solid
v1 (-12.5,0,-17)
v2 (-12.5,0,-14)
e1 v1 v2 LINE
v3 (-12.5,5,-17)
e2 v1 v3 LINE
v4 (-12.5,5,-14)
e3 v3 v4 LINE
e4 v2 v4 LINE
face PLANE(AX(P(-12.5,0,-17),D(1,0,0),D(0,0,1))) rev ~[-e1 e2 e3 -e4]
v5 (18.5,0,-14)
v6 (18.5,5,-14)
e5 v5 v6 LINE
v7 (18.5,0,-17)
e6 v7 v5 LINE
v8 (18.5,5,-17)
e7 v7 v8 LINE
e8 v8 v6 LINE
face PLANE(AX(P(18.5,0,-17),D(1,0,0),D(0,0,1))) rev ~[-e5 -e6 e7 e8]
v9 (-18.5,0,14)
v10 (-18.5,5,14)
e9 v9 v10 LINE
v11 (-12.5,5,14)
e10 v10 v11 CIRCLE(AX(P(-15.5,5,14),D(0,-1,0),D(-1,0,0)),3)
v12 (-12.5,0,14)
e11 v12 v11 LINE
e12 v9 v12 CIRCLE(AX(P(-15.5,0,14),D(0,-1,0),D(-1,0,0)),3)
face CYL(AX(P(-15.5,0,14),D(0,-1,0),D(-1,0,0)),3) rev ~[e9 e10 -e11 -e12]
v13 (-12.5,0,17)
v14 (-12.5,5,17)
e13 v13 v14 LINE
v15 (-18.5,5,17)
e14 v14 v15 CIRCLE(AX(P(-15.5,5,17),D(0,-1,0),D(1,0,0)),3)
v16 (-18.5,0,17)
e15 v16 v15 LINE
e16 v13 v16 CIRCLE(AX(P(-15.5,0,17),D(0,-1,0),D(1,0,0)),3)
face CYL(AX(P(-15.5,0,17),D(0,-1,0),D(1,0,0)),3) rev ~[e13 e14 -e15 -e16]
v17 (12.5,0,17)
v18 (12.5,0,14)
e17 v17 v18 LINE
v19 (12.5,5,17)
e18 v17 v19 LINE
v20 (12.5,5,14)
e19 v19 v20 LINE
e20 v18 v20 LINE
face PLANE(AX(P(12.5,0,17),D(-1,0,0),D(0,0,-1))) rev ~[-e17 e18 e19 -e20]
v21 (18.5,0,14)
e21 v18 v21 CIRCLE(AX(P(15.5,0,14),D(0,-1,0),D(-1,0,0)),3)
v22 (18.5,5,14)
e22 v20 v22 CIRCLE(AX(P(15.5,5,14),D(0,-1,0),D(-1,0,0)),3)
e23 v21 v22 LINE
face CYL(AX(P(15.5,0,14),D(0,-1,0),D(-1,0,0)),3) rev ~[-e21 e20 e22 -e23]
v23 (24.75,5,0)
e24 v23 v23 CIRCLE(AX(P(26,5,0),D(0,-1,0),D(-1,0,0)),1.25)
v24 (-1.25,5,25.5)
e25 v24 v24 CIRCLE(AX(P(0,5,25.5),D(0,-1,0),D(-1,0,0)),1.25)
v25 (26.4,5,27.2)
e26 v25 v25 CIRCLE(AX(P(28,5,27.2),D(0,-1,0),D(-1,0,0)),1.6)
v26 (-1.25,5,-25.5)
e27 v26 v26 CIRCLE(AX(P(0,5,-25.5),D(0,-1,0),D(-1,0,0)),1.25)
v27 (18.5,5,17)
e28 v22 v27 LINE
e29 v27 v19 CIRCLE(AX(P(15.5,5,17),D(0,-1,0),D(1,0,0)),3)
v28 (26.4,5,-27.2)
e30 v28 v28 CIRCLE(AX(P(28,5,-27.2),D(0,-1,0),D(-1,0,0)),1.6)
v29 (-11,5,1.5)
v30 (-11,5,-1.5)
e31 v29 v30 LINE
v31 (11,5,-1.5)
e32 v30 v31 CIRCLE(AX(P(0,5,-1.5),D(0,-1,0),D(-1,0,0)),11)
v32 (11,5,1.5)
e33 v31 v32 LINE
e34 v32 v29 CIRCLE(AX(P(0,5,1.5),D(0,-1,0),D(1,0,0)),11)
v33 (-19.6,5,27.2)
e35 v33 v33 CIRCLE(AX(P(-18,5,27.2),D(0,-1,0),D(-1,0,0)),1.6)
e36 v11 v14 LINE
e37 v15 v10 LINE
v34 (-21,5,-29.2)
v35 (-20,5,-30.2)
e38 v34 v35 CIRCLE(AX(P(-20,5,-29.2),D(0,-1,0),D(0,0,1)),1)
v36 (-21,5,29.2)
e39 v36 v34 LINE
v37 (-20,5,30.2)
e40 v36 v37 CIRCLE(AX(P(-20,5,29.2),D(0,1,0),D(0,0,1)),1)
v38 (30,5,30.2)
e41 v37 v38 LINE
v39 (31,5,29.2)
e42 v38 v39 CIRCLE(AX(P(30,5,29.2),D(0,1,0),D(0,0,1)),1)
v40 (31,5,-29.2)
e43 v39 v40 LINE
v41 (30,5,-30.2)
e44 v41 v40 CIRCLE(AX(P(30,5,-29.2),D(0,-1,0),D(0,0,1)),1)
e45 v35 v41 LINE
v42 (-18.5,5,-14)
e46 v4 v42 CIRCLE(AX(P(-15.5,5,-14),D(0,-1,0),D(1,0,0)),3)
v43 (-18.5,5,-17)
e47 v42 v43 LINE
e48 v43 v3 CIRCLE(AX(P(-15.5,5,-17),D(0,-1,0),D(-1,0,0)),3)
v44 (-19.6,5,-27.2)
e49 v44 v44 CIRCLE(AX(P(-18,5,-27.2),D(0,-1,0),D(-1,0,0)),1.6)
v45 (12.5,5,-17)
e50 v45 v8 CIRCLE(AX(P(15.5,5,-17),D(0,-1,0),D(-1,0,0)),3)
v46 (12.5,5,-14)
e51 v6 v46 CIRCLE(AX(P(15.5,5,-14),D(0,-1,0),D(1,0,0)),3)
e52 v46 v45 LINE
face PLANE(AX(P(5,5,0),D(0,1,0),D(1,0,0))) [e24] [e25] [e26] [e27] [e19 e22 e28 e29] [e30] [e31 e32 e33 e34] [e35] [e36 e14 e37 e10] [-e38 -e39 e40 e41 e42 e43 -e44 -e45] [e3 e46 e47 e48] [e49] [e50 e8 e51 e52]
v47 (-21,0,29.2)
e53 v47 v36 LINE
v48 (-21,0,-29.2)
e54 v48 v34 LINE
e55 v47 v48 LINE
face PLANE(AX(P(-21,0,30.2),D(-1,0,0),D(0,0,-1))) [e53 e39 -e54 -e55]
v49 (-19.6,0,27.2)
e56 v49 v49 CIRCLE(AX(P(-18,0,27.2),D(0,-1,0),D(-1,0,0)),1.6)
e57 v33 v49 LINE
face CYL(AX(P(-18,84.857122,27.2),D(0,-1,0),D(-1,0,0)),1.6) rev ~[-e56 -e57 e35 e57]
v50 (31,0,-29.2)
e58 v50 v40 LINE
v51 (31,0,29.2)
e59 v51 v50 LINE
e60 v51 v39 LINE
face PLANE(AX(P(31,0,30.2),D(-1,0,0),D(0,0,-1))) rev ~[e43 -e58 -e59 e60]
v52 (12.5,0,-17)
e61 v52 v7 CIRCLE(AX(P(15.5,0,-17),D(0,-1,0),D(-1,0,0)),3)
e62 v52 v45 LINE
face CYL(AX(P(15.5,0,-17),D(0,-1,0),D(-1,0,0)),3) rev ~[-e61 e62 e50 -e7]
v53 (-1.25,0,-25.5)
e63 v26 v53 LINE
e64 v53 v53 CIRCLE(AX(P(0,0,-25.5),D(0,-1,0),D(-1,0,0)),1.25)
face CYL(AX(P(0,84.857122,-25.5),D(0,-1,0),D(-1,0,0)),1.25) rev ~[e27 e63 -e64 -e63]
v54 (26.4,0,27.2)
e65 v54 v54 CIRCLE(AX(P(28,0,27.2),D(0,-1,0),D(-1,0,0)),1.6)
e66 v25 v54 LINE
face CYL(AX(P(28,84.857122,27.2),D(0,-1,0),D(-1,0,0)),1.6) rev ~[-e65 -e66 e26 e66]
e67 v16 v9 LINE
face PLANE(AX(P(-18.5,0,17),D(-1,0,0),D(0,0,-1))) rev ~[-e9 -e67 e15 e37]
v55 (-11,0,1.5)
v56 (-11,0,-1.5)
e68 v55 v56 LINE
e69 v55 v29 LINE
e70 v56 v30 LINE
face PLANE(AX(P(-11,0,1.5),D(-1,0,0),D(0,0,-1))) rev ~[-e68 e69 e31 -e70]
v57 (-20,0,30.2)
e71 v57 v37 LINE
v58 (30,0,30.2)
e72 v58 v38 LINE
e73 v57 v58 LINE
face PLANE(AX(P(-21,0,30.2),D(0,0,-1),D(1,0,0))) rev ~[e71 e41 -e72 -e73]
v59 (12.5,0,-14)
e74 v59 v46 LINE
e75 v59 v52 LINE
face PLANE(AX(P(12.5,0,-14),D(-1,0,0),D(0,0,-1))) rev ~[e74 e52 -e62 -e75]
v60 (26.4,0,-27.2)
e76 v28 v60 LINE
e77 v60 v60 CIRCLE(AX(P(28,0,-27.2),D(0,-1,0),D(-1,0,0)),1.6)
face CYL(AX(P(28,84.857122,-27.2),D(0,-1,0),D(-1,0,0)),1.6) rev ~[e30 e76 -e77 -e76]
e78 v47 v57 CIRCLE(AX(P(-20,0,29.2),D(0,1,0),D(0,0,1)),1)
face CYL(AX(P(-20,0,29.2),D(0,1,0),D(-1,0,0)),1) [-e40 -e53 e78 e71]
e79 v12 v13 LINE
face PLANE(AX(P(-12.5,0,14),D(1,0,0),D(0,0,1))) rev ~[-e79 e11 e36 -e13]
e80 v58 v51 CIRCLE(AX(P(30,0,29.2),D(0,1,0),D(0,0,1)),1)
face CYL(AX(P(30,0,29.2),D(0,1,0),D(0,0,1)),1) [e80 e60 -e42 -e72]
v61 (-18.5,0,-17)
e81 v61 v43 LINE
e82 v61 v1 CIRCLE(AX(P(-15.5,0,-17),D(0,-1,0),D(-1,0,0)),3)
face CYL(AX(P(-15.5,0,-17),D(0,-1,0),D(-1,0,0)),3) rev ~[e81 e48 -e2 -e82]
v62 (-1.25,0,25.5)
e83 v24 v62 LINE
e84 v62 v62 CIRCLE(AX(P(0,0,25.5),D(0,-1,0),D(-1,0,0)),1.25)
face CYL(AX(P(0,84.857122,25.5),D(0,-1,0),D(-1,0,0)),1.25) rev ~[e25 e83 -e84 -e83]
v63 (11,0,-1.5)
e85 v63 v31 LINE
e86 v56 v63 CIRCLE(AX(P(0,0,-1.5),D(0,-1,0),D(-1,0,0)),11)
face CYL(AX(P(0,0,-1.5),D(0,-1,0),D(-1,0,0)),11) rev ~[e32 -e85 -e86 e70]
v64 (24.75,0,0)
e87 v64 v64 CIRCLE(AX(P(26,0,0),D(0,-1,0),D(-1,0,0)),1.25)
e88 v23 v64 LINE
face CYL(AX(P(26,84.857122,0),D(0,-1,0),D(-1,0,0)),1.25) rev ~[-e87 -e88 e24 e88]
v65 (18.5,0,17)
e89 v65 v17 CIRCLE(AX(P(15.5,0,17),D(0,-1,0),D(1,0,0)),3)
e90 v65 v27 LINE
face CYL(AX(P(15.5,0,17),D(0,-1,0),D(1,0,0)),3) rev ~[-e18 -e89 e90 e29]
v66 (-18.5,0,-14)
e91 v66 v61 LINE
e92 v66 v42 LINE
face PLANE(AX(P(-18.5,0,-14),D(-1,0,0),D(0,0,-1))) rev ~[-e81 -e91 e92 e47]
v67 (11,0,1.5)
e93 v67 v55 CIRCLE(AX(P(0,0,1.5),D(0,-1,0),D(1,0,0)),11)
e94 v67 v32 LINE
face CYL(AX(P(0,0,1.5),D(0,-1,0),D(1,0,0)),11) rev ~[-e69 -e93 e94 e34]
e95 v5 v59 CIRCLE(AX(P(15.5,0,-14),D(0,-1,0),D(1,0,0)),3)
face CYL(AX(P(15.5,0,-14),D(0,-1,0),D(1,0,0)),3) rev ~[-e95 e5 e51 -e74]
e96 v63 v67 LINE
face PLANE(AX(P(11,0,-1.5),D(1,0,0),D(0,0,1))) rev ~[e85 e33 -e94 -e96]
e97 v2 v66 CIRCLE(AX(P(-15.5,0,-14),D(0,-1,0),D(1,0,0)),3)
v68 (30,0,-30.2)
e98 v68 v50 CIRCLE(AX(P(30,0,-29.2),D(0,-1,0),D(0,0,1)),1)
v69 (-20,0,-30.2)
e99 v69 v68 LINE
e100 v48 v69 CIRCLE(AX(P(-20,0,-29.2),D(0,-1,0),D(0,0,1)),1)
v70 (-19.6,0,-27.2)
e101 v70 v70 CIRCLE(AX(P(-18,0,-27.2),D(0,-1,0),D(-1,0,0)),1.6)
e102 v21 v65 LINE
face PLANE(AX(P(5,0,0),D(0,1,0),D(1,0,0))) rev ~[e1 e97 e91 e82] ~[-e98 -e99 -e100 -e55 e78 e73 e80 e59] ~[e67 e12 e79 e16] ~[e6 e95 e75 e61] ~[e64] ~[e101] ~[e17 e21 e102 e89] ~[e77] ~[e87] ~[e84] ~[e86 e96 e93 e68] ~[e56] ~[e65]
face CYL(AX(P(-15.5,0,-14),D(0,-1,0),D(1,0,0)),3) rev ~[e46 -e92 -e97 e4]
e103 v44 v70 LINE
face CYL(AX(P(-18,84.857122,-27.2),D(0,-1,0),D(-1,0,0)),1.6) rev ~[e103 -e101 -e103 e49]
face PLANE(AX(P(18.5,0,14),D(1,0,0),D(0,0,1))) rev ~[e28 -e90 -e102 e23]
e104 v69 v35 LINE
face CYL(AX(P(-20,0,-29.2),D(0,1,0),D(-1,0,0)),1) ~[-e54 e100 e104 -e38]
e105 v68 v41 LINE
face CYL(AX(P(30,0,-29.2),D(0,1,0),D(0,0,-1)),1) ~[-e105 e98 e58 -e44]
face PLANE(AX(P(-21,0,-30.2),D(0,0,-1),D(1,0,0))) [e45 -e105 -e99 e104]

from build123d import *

# Parameters (mm, degrees)
SKETCH1_W                   = 52
SKETCH1_H                   = 60.4
BOSS_EXTRUDE1_DEPTH         = 5
M3_CLEARANCE_HOLE1_D        = 3.2
TAP_DRILL_FOR_M3X0_5_TAP1_D = 2.5
FILLET1_R                   = 1


with BuildPart() as part:
    # Sketch1 → Boss-Extrude1 (new body)
    with BuildSketch(Plane(origin=(0, 0, 0), x_dir=(1, 0, 0), z_dir=(0, 1, 0))):
        with Locations((5, 0)):
            Rectangle(SKETCH1_W, SKETCH1_H)
        with BuildLine():
            Line((-11, -1.5), (-11, 1.5))
            ThreePointArc((-11, 1.5), (0, 12.5), (11, 1.5))
            Line((11, 1.5), (11, -1.5))
            ThreePointArc((11, -1.5), (0, -12.5), (-11, -1.5))
        make_face(mode=Mode.SUBTRACT)
        with BuildLine():
            Line((-18.5, 14), (-18.5, 17))
            ThreePointArc((-18.5, 17), (-15.5, 20), (-12.5, 17))
            Line((-12.5, 17), (-12.5, 14))
            ThreePointArc((-12.5, 14), (-15.5, 11), (-18.5, 14))
        make_face(mode=Mode.SUBTRACT)
        with BuildLine():
            Line((12.5, 14), (12.5, 17))
            ThreePointArc((12.5, 17), (15.5, 20), (18.5, 17))
            Line((18.5, 17), (18.5, 14))
            ThreePointArc((18.5, 14), (15.5, 11), (12.5, 14))
        make_face(mode=Mode.SUBTRACT)
        with BuildLine():
            Line((12.5, -17), (12.5, -14))
            ThreePointArc((12.5, -14), (15.5, -11), (18.5, -14))
            Line((18.5, -14), (18.5, -17))
            ThreePointArc((18.5, -17), (15.5, -20), (12.5, -17))
        make_face(mode=Mode.SUBTRACT)
        with BuildLine():
            Line((-18.5, -17), (-18.5, -14))
            ThreePointArc((-18.5, -14), (-15.5, -11), (-12.5, -14))
            Line((-12.5, -14), (-12.5, -17))
            ThreePointArc((-12.5, -17), (-15.5, -20), (-18.5, -17))
        make_face(mode=Mode.SUBTRACT)
    extrude(amount=BOSS_EXTRUDE1_DEPTH)

    # M3 Clearance Hole1 (through all)
    with Locations(Plane(origin=(0, 5, 0), x_dir=(1, 0, 0), z_dir=(0, 1, 0))):
        with Locations((-18, -27.2), (28, -27.2), (28, 27.2), (-18, 27.2)):
            Hole(M3_CLEARANCE_HOLE1_D / 2)

    # Tap Drill for M3x0.5 Tap1 (through all)
    with Locations(Plane(origin=(0, 5, 0), x_dir=(1, 0, 0), z_dir=(0, 1, 0))):
        with Locations((26, 0), (0, 25.5), (0, -25.5)):
            Hole(TAP_DRILL_FOR_M3X0_5_TAP1_D / 2)

    # Fillet1
    fillet1_edges = [part.edges().sort_by_distance(p)[0] for p in [
        (-21, 2.5, -30.2),
        (31, 2.5, -30.2),
        (31, 2.5, 30.2),
        (-21, 2.5, 30.2),
    ]]
    fillet(fillet1_edges, radius=FILLET1_R)


solid = part.part
